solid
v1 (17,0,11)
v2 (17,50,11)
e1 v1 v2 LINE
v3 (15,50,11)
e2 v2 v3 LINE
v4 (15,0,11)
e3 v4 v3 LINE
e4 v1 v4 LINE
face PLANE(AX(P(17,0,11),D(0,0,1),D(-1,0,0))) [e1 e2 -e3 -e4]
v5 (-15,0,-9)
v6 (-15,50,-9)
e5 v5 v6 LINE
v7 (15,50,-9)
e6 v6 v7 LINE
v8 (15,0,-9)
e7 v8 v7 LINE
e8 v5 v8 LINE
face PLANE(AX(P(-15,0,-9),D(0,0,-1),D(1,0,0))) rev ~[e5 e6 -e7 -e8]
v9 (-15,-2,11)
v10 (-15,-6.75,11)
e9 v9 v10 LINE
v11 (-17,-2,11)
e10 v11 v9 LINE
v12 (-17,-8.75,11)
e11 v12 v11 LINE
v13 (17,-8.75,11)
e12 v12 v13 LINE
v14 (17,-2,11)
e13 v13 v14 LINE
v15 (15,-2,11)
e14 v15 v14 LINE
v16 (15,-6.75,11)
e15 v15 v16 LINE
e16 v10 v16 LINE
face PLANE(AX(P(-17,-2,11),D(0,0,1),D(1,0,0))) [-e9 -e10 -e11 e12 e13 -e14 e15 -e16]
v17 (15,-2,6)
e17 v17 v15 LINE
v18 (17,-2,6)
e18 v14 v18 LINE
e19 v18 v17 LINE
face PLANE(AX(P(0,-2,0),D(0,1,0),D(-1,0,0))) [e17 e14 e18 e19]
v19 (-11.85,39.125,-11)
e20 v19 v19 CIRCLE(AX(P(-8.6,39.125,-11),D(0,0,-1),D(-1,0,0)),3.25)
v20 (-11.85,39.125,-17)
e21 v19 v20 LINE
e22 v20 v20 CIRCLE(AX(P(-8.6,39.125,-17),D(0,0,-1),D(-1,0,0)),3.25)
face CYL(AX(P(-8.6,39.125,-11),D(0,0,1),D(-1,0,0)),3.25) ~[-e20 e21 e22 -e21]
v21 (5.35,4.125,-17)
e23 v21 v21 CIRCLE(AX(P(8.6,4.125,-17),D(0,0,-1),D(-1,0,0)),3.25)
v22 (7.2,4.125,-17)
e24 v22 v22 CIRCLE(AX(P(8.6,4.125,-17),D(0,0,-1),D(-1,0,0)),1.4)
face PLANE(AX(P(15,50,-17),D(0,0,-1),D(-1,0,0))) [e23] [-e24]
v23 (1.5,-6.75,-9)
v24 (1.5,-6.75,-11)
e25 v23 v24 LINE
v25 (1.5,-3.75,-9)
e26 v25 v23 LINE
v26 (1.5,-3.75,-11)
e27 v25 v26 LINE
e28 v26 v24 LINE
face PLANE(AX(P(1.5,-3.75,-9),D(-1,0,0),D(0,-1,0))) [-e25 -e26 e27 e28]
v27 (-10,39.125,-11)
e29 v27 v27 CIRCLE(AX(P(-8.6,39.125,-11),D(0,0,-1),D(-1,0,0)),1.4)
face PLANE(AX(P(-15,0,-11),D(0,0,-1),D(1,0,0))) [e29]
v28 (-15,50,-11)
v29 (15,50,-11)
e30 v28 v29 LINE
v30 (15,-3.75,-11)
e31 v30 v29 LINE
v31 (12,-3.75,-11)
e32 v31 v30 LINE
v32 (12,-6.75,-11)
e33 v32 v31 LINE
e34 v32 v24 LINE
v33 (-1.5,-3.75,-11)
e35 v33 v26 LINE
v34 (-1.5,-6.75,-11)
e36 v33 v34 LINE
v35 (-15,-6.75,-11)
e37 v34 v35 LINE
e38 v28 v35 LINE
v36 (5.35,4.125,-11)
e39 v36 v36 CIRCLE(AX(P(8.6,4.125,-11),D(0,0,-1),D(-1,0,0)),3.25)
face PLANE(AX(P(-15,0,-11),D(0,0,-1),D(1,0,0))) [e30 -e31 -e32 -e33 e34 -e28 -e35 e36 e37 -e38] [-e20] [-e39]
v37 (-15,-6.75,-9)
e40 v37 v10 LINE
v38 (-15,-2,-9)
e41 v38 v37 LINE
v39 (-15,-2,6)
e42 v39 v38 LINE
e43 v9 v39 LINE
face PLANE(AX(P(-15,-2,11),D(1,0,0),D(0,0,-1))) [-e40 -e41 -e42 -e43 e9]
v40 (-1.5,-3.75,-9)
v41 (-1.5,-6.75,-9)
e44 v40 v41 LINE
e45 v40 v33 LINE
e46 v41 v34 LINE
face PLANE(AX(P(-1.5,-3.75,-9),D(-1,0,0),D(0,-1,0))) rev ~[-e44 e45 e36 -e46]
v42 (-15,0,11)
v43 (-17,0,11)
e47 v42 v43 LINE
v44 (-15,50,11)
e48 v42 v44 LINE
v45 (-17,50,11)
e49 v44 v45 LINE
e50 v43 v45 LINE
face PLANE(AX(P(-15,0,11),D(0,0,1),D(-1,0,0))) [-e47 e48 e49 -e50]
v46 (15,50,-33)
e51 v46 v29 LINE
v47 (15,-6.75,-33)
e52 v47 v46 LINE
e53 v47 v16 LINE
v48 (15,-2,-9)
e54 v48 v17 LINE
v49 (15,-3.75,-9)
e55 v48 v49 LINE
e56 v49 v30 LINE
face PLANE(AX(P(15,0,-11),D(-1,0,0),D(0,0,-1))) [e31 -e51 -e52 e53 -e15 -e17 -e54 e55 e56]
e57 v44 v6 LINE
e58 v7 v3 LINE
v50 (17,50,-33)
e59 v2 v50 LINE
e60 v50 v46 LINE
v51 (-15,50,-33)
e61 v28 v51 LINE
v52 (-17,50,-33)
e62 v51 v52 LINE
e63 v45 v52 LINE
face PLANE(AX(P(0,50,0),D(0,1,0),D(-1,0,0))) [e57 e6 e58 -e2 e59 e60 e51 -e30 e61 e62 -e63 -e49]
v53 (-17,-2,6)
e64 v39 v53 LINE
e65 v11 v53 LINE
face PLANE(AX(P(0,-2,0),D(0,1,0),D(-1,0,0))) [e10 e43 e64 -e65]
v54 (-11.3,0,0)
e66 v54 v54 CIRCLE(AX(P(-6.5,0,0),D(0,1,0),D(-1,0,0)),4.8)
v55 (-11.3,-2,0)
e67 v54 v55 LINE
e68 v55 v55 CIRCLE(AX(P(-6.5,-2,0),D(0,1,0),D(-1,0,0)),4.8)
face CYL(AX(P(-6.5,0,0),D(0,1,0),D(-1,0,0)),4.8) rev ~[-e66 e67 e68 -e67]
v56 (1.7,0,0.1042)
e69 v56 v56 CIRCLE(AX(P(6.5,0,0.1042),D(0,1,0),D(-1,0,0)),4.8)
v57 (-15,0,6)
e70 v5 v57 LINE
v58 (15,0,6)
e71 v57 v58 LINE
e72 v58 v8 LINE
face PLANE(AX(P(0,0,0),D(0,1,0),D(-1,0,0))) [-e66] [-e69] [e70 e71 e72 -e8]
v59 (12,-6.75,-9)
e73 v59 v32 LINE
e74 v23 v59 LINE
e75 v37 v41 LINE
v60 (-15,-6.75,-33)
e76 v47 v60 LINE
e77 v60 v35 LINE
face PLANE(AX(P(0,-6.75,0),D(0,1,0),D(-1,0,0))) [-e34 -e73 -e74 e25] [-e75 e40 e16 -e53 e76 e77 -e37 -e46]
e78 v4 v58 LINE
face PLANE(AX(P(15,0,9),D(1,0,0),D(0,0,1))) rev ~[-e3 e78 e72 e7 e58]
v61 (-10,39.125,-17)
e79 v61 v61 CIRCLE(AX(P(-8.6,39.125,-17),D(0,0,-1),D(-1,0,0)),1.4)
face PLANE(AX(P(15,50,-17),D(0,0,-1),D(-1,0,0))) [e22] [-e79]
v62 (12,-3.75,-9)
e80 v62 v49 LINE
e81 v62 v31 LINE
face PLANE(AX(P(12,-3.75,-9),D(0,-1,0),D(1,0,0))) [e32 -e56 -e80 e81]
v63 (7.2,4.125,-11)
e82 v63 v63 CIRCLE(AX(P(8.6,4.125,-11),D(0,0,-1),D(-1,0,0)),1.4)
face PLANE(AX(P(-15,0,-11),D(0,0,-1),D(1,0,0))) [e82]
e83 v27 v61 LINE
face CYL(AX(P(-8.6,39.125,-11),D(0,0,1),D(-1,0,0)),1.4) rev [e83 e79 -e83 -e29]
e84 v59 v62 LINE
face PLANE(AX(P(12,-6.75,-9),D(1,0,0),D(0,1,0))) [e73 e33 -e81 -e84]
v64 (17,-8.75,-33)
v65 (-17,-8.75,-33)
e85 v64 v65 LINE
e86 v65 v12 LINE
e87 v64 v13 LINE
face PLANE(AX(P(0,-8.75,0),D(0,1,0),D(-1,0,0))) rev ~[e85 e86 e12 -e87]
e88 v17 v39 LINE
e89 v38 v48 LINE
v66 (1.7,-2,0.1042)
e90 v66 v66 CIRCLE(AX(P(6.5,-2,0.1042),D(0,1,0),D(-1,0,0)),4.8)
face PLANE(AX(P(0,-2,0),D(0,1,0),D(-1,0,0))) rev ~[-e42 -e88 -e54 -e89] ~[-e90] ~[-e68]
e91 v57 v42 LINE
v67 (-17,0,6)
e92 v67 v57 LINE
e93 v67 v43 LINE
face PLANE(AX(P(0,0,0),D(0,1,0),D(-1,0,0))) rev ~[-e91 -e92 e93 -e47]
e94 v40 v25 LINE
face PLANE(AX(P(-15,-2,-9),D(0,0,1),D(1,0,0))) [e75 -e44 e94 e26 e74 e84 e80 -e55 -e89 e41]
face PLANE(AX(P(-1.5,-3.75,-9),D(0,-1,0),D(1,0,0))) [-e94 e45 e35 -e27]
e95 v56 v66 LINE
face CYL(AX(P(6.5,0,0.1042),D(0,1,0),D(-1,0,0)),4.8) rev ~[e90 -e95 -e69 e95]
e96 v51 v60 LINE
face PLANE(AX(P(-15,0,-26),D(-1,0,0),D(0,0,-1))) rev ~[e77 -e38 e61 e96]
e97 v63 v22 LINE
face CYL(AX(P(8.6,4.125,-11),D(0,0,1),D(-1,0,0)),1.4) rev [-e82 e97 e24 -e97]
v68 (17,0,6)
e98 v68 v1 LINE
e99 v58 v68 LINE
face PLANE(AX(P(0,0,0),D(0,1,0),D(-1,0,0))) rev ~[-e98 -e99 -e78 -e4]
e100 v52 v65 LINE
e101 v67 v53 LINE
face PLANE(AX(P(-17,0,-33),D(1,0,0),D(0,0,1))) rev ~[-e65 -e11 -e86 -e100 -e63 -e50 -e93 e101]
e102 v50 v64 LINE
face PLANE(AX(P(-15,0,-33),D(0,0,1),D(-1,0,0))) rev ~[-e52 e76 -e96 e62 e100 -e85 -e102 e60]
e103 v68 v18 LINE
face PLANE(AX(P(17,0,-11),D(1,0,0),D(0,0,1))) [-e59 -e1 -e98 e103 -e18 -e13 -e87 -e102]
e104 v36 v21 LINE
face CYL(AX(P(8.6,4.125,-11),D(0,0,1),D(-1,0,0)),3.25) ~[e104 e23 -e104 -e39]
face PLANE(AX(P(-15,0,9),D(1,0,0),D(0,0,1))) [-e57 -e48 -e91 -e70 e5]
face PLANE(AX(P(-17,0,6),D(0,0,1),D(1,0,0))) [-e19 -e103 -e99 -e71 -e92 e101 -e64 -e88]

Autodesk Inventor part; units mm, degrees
ref_plane "YZ Plane" through (0, 0, 0) normal (1, 0, 0) x (0, 1, 0)
ref_plane "XY Plane" through (0, 0, 0) normal (0, 0, 1) x (1, 0, 0)
ref_plane "bottom of connector plate" through (0, -2, 0) normal (0, 1, 0) x (-1, 0, 0)
sketch "Sketch1" plane through (0, 0, 0) normal (0, 1, 0) x (-1, 0, 0)
  line L0 (17, -11) -> (-17, -11)
  line L1 (-17, -11) -> (-17, 11)
  line L2 (-17, 11) -> (17, 11)
  line L3 (17, 11) -> (17, -11)
  line L4 (17, -11) -> (-17, 11) construction
  line L5 (-17, -11) -> (17, 11) construction
  line L6 (15, -9) -> (-15, -9)
  line L7 (-15, -9) -> (-15, 9)
  line L8 (-15, 9) -> (15, 9)
  line L9 (15, 9) -> (15, -9)
  line L10 (15, -9) -> (-15, 9) construction
  line L11 (-15, -9) -> (15, 9) construction
  line L12 (17, -11) -> (-17, -11)
  line L13 (-17, -11) -> (-17, -33)
  line L14 (-17, -33) -> (17, -33)
  line L15 (17, -33) -> (17, -11)
  line L16 (15, -11) -> (-15, -11)
  line L17 (-15, -11) -> (-15, -26)
  line L18 (-15, -26) -> (15, -26)
  line L19 (15, -26) -> (15, -11)
  line L20 (15, 9) -> (15, 11)
  line L21 (-15, 9) -> (-15, 11)
  line L22 (-15, -26) -> (-15, -33)
  line L23 (15, -26) -> (15, -33)
  line L24 (15, -9) -> (17, -9)
  line L25 (-15, -9) -> (-17, -9)
  point P0 (0, 0)
  dimension "d0" = 34
  dimension "d1" = 22
  dimension "d2" = 30
  dimension "d3" = 18
  dimension "d5" = 22
  dimension "d6" = 15
extrude "top" add sketch "Sketch1" along normal blind 50 contours L15 L14 L23 L19 L0 | L0 L1 L25 L6 L24 L3 | L24 L9 L20 L2 L3 | L17 L22 L14 L13 L0 | L25 L1 L2 L21 L7
sketch "Sketch2" plane through (0, 0, 0) normal (0, 1, 0) x (-1, 0, 0)
  line L0 (17, -33) -> (17, 6)
  line L1 (-17, 11) -> (-17, -33) projected
  line L2 (17, 6) -> (-17, 6)
  line L3 (-17, 6) -> (-17, -33)
  line L4 (-17, -28) -> (17, -28)
  line L5 (17, -28) -> (17, 11)
  line L6 (-15, -11) -> (15, -11)
  line L7 (15, -26) -> (-15, -26)
  line L8 (15, -11) -> (-15, -11)
  line L9 (-15, -11) -> (-15, -26)
  line L10 (-15, -26) -> (15, -26)
  line L11 (15, -26) -> (15, -11)
  line L12 (15, 11) -> (15, -9)
  line L13 (-15, -9) -> (-15, 11)
  line L14 (15, -9) -> (-15, -9)
  line L15 (-15, -9) -> (-15, 11)
  line L16 (-15, 11) -> (15, 11)
  line L17 (15, 11) -> (15, -9)
  circle A0 centre (6.5, 0) radius 4.8
  circle A1 centre (-6.5, 0.1042) radius 4.8
  line L18 (6.5, 0) -> (0, 0) construction
  line L19 (-15, -26) -> (-15, -28)
  line L20 (15, -26) -> (15, -28)
  line L21 (-17, -33) -> (17, -33)
  line L22 (-15, -28) -> (-15, -33)
  line L23 (15, -28) -> (15, -33)
  point P0 (17, -9)
  point P1 (-17, -9)
  point P2 (17, 6)
  dimension "d10" = 9.6
  dimension "d11" = 9.6
  dimension "d12" = 13
  dimension "d13" = 6.5
extrude "plate" add sketch "Sketch2" against normal blind 2 contours L21 L23 L4 L0 | L4 L20 L11 L6 L9 L19 L1 L2 L13 L14 L12 L0 | L21 L1 L4 L22 | L12 L14 L13 L2
sketch "Sketch3" plane through (0, -2, 0) normal (0, 1, 0) x (-1, 0, 0)
  line L0 (17, 11) -> (17, -28)
  line L1 (17, -28) -> (-17, -28)
  line L2 (17, 11) -> (-17, 11)
  line L3 (-17, 11) -> (-17, -28)
  line L4 (-17, -28) -> (17, -28)
  line L5 (17, -28) -> (17, 11)
  line L6 (-15, -26) -> (15, -26)
  line L7 (15, 11) -> (15, -9)
  line L8 (-15, -26) -> (15, -26)
  line L9 (15, -26) -> (15, 9)
  line L10 (15, 9) -> (-15, 9)
  line L11 (-15, 9) -> (-15, -26)
  line L12 (15, 11) -> (15, -9)
  line L13 (15, 9) -> (15, 11)
  line L14 (-15, -9) -> (-15, 11)
  line L15 (-15, 9) -> (-15, 11)
  line L16 (-15, -11) -> (15, -11) projected
  line L17 (17, -9) -> (-17, -9)
  line L18 (15, -11) -> (-15, -11)
  line L19 (-15, -11) -> (-15, -9)
  line L20 (-15, -9) -> (15, -9)
  line L21 (15, -9) -> (15, -11)
  line L22 (-15, -26) -> (-15, -28)
  line L23 (15, -26) -> (15, -28)
  line L24 (-17, -28) -> (-17, -33)
  line L25 (-17, -33) -> (-15, -33)
  line L26 (-15, -33) -> (-15, -28)
  line L27 (17, -28) -> (17, -33)
  line L28 (17, -33) -> (15, -33)
  line L29 (15, -33) -> (15, -28)
  line L30 (-15, -33) -> (15, -33)
  point P0 (0, 0)
  point P1 (15, -26)
  dimension "d17" = 35
  dimension "d45" = 5
  dimension "d46" = 2
  dimension "d47" = 5
  dimension "d48" = 2
extrude "base" add sketch "Sketch3" against normal blind 4.75 contours L0 L17 L7 L2 | L0 L1 L23 L9 L17 | L27 L28 L29 L1 | L9 L16 L11 L17 | L14 L11 L17 L3 L2 | L11 L22 L1 L3 L17 | L26 L25 L24 L1
sketch "Sketch6" plane through (-15, -8.75, -9) normal (0, 0, 1) x (1, 0, 0)
  line L0 (30, 2) -> (30, 58.75) projected
  line L1 (30, 2) -> (27, 2)
  line L2 (27, 2) -> (27, 5)
  line L3 (27, 5) -> (30, 5)
  line L4 (30, 5) -> (30, 2)
  line L5 (16.5, 5) -> (16.5, 2)
  line L6 (13.5, 5) -> (13.5, 2)
  line L7 (13.5, 5) -> (16.5, 5)
  line L8 (16.5, 2) -> (13.5, 2)
  point P0 (15, 8.75)
  dimension "d23" = 3
  dimension "d24" = 3
extrude "Extrusion4" cut sketch "Sketch6" against normal blind 2
sketch "Sketch5" plane through (0, -6.75, 0) normal (0, 1, 0) x (-1, 0, 0)
  line L0 (17, 11) -> (-17, 11)
  line L1 (-17, 11) -> (-17, -28)
  line L2 (-17, -28) -> (17, -28)
  line L3 (17, -28) -> (17, 11)
  line L4 (-17, -28) -> (-17, -33)
  line L5 (-17, -33) -> (17, -33)
  line L6 (17, -33) -> (17, -28)
  dimension "d49" = 39
  dimension "d50" = 5
extrude "Extrusion5" add sketch "Sketch5" against normal blind 2
ref_plane "Work Plane4" through (0, -32.5, 0) normal (0, 1, 0) x (-1, 0, 0)
sketch "Sketch4" plane through (0, -32.5, 0) normal (0, 1, 0) x (-1, 0, 0)
  line L0 (-15, 11) -> (15, 11) projected
  line L1 (-17, -33) -> (17, -33) projected
  line L2 (17, 11) -> (-17, -33) construction
  circle A0 centre (0, -8.5) radius 12
  point P0 (0, 0)
  dimension "d22" = 24
sketch "Sketch7" plane through (15, 50, -11) normal (0, 0, -1) x (-1, 0, 0)
  line L0 (30, -56.75) -> (0, -56.75) projected
  line L1 (3, -3.375) -> (27, -3.375) construction
  line L2 (27, -3.375) -> (27, -53.375) construction
  line L3 (27, -53.375) -> (3, -53.375) construction
  line L4 (3, -53.375) -> (3, -3.375) construction
  line L5 (3, -3.375) -> (27, -53.375) construction
  line L6 (27, -3.375) -> (3, -53.375) construction
  circle A0 centre (-12.1992, -48.387) radius 1.4
  circle A1 centre (-12.1992, -48.387) radius 3.25
  circle A2 centre (6.4, -45.875) radius 1.4
  circle A3 centre (6.4, -45.875) radius 3.25
  circle A4 centre (23.6, -10.875) radius 1.4
  circle A5 centre (23.6, -10.875) radius 3.25
  point P0 (15, -50)
  point P1 (15, -28.375)
  dimension "d31" = 24
  dimension "d32" = 50
  dimension "d33" = 2.8
  dimension "d34" = 6.5
  dimension "d35" = 2.8
  dimension "d36" = 6.5
  dimension "d37" = 2.8
  dimension "d38" = 6.5
  dimension "d39" = 7.5
  dimension "d40" = 3.4
  dimension "d41" = 7.5
  dimension "d42" = 3.4
extrude "Extrusion6" add sketch "Sketch7" along normal blind 6 contours A3 | A5
properties part number "Tclamp_enclosure_3DPrint"
